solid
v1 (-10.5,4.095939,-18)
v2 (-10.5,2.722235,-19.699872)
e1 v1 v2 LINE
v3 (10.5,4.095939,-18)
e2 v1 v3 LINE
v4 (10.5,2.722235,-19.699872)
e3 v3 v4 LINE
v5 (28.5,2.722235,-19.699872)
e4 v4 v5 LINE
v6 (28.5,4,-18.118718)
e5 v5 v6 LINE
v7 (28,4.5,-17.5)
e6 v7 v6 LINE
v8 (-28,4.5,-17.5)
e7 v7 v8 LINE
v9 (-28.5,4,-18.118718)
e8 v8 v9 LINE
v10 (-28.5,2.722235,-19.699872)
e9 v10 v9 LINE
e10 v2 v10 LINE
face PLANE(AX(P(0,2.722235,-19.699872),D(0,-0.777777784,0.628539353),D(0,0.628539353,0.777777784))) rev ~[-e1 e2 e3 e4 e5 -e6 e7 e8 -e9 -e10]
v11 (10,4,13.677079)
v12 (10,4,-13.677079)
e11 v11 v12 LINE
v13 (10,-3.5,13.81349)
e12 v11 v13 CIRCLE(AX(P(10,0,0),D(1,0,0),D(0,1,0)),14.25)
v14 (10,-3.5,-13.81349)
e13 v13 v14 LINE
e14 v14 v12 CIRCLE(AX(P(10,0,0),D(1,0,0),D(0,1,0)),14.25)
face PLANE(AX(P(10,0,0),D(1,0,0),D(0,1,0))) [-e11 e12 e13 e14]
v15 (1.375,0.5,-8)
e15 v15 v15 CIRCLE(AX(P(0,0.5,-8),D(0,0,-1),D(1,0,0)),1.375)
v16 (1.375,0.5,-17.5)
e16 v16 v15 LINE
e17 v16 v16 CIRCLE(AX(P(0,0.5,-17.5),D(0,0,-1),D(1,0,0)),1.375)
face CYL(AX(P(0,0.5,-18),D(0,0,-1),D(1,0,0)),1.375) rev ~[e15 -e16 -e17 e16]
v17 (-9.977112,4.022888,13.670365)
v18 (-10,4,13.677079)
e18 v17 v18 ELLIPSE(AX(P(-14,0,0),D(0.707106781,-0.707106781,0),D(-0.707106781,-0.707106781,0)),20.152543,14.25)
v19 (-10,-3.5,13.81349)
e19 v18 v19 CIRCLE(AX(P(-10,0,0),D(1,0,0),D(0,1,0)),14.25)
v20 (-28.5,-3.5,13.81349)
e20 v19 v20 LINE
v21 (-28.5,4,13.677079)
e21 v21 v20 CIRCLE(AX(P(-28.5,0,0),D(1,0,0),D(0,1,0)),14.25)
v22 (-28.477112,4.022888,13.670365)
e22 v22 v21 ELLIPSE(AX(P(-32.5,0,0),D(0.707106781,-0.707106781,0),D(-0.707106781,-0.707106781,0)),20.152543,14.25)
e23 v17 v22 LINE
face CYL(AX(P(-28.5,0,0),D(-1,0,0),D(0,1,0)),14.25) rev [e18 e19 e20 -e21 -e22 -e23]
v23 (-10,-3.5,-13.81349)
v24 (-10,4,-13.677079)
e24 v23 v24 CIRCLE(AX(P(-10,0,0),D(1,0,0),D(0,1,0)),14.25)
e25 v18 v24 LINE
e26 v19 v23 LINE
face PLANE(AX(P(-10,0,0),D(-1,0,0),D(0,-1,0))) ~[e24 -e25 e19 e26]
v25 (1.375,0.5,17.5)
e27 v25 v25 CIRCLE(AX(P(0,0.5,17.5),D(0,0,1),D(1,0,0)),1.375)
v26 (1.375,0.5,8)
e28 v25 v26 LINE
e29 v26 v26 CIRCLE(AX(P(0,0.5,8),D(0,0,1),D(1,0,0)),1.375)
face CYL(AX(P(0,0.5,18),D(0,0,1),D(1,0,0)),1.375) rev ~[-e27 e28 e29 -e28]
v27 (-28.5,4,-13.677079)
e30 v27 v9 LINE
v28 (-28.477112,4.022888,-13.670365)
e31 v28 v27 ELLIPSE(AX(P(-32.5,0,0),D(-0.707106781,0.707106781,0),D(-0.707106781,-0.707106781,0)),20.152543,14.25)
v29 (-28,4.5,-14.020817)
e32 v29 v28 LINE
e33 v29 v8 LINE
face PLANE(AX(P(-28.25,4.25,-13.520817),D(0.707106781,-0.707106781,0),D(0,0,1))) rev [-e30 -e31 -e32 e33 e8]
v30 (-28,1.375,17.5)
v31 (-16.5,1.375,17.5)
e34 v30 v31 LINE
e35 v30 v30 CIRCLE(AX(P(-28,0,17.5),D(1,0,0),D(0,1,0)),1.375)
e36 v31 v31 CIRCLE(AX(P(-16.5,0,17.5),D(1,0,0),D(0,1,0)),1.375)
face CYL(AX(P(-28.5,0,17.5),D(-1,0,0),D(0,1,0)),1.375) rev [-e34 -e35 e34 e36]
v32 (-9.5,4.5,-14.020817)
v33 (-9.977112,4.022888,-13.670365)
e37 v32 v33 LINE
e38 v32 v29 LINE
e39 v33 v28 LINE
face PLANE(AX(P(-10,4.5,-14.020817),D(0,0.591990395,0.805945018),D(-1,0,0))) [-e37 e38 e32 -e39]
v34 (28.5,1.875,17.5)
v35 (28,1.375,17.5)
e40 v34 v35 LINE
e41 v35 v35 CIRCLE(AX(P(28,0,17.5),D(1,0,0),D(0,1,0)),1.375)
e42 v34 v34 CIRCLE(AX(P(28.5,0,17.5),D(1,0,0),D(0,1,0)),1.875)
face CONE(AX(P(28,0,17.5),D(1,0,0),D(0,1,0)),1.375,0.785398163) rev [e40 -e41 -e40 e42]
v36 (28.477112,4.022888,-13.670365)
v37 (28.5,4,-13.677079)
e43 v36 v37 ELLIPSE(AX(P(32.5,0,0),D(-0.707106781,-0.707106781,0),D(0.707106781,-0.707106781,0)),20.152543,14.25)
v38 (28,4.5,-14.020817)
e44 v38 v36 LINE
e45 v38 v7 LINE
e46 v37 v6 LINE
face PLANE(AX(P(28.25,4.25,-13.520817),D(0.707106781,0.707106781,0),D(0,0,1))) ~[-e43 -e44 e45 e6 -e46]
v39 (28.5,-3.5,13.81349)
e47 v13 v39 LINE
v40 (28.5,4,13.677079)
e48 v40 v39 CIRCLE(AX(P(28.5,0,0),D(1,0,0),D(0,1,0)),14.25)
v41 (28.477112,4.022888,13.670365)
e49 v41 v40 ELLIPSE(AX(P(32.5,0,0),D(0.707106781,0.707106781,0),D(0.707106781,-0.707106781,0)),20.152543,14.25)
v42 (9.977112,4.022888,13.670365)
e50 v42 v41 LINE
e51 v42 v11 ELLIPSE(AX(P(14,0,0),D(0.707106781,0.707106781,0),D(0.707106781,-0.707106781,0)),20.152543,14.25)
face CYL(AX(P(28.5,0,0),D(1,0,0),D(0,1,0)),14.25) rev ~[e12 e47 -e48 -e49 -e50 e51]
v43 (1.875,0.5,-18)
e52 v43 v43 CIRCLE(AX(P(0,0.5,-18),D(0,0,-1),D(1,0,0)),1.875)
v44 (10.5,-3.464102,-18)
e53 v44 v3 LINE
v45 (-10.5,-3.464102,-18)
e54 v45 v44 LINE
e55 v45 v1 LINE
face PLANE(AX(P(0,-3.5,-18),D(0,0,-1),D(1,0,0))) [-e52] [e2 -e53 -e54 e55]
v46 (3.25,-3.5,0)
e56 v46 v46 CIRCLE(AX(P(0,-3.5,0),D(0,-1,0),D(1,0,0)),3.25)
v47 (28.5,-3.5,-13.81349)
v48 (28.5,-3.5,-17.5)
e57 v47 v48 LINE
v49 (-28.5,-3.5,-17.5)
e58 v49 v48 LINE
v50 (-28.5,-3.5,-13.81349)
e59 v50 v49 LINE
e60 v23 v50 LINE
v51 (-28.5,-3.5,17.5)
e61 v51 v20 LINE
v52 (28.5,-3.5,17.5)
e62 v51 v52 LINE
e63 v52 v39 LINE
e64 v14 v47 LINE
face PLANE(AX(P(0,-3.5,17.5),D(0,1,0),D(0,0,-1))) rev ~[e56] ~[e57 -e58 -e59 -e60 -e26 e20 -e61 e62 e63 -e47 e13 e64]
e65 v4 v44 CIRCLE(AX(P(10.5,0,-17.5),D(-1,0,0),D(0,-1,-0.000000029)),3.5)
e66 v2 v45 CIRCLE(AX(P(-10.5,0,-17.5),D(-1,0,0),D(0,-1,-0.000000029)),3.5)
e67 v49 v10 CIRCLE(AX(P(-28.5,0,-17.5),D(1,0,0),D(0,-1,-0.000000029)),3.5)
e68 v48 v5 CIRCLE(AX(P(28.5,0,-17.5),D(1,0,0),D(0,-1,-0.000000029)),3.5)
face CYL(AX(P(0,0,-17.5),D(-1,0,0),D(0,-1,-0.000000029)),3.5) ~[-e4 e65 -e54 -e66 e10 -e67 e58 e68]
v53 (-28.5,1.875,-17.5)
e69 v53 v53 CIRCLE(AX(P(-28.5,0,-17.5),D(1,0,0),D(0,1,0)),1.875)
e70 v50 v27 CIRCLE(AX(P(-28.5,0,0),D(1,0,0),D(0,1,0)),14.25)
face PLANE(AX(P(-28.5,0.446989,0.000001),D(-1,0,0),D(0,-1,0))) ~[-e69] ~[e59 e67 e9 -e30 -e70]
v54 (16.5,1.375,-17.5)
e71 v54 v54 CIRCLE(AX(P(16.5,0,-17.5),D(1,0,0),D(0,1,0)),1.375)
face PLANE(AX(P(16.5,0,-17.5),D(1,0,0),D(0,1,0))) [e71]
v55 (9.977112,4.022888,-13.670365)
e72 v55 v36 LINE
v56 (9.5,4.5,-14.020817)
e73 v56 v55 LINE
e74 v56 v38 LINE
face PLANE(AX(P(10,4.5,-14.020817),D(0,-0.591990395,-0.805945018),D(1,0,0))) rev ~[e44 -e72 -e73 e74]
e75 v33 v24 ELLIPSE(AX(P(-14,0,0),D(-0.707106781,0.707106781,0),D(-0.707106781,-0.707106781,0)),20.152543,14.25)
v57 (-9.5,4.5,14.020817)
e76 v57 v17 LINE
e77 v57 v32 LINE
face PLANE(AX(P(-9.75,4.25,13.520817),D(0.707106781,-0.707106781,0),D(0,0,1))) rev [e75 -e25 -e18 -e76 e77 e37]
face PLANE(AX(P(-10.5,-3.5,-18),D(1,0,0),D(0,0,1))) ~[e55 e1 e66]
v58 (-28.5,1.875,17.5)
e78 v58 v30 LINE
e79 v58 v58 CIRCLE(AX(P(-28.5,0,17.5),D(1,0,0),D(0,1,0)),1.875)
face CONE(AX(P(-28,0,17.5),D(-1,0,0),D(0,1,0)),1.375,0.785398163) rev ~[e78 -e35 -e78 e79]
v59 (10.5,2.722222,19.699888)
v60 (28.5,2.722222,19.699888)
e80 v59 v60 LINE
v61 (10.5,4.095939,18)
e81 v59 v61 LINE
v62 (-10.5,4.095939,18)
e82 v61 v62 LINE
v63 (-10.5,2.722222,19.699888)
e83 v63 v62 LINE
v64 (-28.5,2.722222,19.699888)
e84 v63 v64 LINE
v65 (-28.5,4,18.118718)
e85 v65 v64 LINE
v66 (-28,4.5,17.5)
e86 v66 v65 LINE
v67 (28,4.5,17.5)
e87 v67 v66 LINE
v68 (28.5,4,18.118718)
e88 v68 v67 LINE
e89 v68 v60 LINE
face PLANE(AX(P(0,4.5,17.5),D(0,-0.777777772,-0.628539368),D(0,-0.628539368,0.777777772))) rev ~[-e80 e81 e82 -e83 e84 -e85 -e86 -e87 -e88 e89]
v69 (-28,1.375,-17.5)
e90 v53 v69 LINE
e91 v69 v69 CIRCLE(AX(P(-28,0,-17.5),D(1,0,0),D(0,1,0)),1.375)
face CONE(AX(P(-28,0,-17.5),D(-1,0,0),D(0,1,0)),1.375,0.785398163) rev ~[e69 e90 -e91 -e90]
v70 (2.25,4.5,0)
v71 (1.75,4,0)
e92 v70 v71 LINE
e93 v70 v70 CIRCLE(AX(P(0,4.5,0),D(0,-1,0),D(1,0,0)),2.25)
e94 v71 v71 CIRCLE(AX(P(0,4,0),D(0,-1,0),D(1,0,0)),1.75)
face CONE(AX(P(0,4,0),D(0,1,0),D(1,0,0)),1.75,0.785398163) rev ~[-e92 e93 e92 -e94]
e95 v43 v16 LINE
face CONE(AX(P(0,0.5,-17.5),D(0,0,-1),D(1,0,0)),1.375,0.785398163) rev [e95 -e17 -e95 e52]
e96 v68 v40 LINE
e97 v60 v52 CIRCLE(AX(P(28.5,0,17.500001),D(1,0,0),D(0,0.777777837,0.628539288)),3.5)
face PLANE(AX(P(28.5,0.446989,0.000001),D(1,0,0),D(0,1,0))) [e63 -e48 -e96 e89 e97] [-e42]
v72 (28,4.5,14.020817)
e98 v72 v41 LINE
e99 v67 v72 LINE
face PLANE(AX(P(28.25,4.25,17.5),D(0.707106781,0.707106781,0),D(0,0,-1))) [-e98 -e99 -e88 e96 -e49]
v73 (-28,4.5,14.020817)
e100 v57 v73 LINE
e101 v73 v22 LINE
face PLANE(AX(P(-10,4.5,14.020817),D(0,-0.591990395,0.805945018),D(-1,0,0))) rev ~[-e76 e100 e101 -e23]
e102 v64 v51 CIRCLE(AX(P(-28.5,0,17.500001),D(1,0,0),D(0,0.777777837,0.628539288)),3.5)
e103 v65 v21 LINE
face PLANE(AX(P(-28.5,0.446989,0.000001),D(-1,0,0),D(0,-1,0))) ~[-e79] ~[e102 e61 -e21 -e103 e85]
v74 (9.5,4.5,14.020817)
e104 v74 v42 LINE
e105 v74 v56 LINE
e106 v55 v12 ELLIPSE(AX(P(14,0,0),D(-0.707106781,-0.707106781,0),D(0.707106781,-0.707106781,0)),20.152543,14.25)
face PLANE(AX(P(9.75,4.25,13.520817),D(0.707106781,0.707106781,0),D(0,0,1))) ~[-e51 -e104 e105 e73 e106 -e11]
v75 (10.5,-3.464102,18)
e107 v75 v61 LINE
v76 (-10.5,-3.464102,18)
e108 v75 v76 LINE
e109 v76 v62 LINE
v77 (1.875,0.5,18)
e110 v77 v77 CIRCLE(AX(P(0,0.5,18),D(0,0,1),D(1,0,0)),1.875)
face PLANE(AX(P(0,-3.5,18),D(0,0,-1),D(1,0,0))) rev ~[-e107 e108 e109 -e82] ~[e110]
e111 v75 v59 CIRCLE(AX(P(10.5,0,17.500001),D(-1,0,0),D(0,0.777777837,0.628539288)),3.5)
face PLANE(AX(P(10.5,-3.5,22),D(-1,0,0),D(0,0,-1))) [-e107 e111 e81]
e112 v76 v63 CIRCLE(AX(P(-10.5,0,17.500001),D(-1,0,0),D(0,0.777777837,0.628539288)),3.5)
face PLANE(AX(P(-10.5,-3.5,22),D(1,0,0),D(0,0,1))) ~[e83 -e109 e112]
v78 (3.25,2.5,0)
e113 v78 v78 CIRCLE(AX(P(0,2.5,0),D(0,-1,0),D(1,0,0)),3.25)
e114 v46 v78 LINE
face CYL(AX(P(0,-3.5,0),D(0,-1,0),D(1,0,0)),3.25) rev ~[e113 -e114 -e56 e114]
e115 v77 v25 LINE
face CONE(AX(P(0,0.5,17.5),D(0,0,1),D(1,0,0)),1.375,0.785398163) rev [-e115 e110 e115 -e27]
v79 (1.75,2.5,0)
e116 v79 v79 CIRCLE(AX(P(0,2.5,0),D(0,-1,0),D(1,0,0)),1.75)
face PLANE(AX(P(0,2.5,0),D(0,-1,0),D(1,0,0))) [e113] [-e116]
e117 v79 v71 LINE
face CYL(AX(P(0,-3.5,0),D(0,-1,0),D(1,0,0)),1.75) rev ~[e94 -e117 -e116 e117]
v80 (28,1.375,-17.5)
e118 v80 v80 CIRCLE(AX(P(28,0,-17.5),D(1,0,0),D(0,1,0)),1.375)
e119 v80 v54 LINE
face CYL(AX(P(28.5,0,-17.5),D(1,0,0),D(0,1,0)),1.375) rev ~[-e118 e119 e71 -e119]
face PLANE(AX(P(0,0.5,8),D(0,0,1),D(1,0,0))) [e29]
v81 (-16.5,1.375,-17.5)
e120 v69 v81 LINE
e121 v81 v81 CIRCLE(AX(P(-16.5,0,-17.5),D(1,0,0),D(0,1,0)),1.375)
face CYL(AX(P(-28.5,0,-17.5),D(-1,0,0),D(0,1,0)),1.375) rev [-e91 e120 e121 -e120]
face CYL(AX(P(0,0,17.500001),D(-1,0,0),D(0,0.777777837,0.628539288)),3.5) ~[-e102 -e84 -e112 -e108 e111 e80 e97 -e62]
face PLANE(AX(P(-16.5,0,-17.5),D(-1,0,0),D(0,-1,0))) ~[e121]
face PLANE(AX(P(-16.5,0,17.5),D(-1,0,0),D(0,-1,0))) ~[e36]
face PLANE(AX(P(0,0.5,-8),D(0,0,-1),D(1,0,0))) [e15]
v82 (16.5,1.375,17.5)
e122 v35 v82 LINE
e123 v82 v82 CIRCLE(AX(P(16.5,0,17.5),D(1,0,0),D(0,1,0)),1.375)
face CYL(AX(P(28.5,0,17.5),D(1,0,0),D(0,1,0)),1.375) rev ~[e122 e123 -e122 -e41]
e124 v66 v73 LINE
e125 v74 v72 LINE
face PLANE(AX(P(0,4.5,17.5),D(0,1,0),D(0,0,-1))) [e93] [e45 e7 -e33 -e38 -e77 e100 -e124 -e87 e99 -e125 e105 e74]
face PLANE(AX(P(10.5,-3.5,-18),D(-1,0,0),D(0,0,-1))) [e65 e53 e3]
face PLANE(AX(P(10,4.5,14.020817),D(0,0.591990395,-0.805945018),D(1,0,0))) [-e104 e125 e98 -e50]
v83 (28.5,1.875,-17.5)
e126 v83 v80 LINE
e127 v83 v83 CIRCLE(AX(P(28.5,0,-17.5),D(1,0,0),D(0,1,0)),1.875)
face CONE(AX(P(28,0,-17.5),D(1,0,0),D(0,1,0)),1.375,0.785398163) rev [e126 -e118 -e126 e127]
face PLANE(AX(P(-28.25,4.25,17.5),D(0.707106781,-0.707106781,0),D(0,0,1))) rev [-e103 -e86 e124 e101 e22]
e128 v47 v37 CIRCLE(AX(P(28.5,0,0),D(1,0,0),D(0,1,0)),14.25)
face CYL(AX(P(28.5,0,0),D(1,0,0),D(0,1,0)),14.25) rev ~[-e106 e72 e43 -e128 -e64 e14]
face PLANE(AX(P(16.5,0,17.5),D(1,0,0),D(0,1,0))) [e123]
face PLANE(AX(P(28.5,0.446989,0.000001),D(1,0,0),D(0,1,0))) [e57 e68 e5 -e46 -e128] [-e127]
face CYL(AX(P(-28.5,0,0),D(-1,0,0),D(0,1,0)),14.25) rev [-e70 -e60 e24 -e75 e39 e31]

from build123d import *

# Parameters (mm, degrees)
PAD_DEPTH       = 28.5
SKETCH001_R     = 14.25
POCKET_DEPTH    = 18.5
SKETCH002_R     = 1.375
POCKET001_DEPTH = 12
SKETCH003_W     = 4
SKETCH003_H     = 10.5
POCKET002_DEPTH = 8
SKETCH004_R     = 1.75
POCKET003_DEPTH = 8
SKETCH005_R     = 3.25
POCKET004_DEPTH = 6
SKETCH006_R     = 1.375
POCKET005_DEPTH = 10
SKETCH007_R     = 1.375
POCKET006_DEPTH = 10
CHAMFER_SIZE    = 0.5
CHAMFER001_SIZE = 0.5


with BuildPart() as recess_pocket:
    # Sketch → Pad (new body)
    with BuildSketch(Plane.YZ):
        with BuildLine():
            ThreePointArc((2.722222, 19.699888), (-1.166667, 20.799832), (-3.5, 17.5))
            Line((-3.5, 17.5), (-3.5, -17.5))
            ThreePointArc((-3.5, -17.5), (-1.166657, -20.799835), (2.722235, -19.699872))
            Line((2.722235, -19.699872), (4.5, -17.5))
            Line((4.5, 17.5), (4.5, -17.5))
            Line((4.5, 17.5), (2.722222, 19.699888))
        make_face()
    extrude(amount=PAD_DEPTH)

    # Sketch001 → Pocket (cut)
    with BuildSketch(Plane.YZ.offset(28.5)):
        Circle(SKETCH001_R)
    extrude(amount=-POCKET_DEPTH, mode=Mode.SUBTRACT)

    # Sketch002 → Pocket001 (cut)
    with BuildSketch(Plane.YZ.offset(28.5)):
        with Locations((0, -17.5)):
            Circle(SKETCH002_R)
        with Locations((0, 17.5)):
            Circle(SKETCH002_R)
    extrude(amount=-POCKET001_DEPTH, mode=Mode.SUBTRACT)

    # Sketch003 → Pocket002 (cut)
    with BuildSketch(Plane(origin=(0, -3.5, 0), x_dir=(0, 0, -1), z_dir=(0, -1, 0))):
        with Locations((-20, 5.25)):
            Rectangle(SKETCH003_W, SKETCH003_H)
        with Locations((20, 5.25)):
            Rectangle(SKETCH003_W, SKETCH003_H)
    extrude(amount=-POCKET002_DEPTH, mode=Mode.SUBTRACT)


with BuildPart() as printing_chamfer:
    # Part__Mirroring: instance of recess-pocket
    add(recess_pocket.part.mirror(Plane(origin=(0, 0, 0), x_dir=(0, -1, 0), z_dir=(1, 0, 0))))

    # Fusion: union recess-pocket
    add(recess_pocket.part)

    # Sketch004 → Pocket003 (cut)
    with BuildSketch(Plane.XZ.offset(3.5)):
        Circle(SKETCH004_R)
    extrude(amount=-POCKET003_DEPTH, mode=Mode.SUBTRACT)

    # Sketch005 → Pocket004 (cut)
    with BuildSketch(Plane.XZ.offset(3.5)):
        Circle(SKETCH005_R)
    extrude(amount=-POCKET004_DEPTH, mode=Mode.SUBTRACT)

    # Sketch006 → Pocket005 (cut)
    with BuildSketch(Plane.XY.offset(18)):
        with Locations((0, 0.5)):
            Circle(SKETCH006_R)
    extrude(amount=-POCKET005_DEPTH, mode=Mode.SUBTRACT)

    # Sketch007 → Pocket006 (cut)
    with BuildSketch(Plane(origin=(0, 0, -18), x_dir=(1, 0, 0), z_dir=(0, 0, -1))):
        with Locations((0, -0.5)):
            Circle(SKETCH007_R)
    extrude(amount=-POCKET006_DEPTH, mode=Mode.SUBTRACT)

    # Chamfer
    chamfer_edges = [printing_chamfer.edges().sort_by_distance(p)[0] for p in [
        (28.5, -1.375, -17.5),
        (-28.5, -1.375, -17.5),
        (-28.5, -1.375, 17.5),
        (28.5, -1.375, 17.5),
        (-1.375, 0.5, -18),
        (-1.375, 0.5, 18),
    ]]
    chamfer(chamfer_edges, length=CHAMFER_SIZE)

    # Chamfer001
    chamfer001_edges = [printing_chamfer.edges().sort_by_distance(p)[0] for p in [
        (28.5, 4.5, -15.510409),
        (19.25, 4.5, -13.520817),
        (-10, 4.5, 0),
        (-19.25, 4.5, -13.520817),
        (-19.25, 4.5, 13.520817),
        (-28.5, 4.5, -15.510409),
        (-28.5, 4.5, 15.510409),
        (28.5, 4.5, 15.510409),
        (19.25, 4.5, 13.520817),
        (10, 4.5, 0),
        (-1.75, 4.5, 0),
    ]]
    chamfer(chamfer001_edges, length=CHAMFER001_SIZE)


solid = printing_chamfer.part
